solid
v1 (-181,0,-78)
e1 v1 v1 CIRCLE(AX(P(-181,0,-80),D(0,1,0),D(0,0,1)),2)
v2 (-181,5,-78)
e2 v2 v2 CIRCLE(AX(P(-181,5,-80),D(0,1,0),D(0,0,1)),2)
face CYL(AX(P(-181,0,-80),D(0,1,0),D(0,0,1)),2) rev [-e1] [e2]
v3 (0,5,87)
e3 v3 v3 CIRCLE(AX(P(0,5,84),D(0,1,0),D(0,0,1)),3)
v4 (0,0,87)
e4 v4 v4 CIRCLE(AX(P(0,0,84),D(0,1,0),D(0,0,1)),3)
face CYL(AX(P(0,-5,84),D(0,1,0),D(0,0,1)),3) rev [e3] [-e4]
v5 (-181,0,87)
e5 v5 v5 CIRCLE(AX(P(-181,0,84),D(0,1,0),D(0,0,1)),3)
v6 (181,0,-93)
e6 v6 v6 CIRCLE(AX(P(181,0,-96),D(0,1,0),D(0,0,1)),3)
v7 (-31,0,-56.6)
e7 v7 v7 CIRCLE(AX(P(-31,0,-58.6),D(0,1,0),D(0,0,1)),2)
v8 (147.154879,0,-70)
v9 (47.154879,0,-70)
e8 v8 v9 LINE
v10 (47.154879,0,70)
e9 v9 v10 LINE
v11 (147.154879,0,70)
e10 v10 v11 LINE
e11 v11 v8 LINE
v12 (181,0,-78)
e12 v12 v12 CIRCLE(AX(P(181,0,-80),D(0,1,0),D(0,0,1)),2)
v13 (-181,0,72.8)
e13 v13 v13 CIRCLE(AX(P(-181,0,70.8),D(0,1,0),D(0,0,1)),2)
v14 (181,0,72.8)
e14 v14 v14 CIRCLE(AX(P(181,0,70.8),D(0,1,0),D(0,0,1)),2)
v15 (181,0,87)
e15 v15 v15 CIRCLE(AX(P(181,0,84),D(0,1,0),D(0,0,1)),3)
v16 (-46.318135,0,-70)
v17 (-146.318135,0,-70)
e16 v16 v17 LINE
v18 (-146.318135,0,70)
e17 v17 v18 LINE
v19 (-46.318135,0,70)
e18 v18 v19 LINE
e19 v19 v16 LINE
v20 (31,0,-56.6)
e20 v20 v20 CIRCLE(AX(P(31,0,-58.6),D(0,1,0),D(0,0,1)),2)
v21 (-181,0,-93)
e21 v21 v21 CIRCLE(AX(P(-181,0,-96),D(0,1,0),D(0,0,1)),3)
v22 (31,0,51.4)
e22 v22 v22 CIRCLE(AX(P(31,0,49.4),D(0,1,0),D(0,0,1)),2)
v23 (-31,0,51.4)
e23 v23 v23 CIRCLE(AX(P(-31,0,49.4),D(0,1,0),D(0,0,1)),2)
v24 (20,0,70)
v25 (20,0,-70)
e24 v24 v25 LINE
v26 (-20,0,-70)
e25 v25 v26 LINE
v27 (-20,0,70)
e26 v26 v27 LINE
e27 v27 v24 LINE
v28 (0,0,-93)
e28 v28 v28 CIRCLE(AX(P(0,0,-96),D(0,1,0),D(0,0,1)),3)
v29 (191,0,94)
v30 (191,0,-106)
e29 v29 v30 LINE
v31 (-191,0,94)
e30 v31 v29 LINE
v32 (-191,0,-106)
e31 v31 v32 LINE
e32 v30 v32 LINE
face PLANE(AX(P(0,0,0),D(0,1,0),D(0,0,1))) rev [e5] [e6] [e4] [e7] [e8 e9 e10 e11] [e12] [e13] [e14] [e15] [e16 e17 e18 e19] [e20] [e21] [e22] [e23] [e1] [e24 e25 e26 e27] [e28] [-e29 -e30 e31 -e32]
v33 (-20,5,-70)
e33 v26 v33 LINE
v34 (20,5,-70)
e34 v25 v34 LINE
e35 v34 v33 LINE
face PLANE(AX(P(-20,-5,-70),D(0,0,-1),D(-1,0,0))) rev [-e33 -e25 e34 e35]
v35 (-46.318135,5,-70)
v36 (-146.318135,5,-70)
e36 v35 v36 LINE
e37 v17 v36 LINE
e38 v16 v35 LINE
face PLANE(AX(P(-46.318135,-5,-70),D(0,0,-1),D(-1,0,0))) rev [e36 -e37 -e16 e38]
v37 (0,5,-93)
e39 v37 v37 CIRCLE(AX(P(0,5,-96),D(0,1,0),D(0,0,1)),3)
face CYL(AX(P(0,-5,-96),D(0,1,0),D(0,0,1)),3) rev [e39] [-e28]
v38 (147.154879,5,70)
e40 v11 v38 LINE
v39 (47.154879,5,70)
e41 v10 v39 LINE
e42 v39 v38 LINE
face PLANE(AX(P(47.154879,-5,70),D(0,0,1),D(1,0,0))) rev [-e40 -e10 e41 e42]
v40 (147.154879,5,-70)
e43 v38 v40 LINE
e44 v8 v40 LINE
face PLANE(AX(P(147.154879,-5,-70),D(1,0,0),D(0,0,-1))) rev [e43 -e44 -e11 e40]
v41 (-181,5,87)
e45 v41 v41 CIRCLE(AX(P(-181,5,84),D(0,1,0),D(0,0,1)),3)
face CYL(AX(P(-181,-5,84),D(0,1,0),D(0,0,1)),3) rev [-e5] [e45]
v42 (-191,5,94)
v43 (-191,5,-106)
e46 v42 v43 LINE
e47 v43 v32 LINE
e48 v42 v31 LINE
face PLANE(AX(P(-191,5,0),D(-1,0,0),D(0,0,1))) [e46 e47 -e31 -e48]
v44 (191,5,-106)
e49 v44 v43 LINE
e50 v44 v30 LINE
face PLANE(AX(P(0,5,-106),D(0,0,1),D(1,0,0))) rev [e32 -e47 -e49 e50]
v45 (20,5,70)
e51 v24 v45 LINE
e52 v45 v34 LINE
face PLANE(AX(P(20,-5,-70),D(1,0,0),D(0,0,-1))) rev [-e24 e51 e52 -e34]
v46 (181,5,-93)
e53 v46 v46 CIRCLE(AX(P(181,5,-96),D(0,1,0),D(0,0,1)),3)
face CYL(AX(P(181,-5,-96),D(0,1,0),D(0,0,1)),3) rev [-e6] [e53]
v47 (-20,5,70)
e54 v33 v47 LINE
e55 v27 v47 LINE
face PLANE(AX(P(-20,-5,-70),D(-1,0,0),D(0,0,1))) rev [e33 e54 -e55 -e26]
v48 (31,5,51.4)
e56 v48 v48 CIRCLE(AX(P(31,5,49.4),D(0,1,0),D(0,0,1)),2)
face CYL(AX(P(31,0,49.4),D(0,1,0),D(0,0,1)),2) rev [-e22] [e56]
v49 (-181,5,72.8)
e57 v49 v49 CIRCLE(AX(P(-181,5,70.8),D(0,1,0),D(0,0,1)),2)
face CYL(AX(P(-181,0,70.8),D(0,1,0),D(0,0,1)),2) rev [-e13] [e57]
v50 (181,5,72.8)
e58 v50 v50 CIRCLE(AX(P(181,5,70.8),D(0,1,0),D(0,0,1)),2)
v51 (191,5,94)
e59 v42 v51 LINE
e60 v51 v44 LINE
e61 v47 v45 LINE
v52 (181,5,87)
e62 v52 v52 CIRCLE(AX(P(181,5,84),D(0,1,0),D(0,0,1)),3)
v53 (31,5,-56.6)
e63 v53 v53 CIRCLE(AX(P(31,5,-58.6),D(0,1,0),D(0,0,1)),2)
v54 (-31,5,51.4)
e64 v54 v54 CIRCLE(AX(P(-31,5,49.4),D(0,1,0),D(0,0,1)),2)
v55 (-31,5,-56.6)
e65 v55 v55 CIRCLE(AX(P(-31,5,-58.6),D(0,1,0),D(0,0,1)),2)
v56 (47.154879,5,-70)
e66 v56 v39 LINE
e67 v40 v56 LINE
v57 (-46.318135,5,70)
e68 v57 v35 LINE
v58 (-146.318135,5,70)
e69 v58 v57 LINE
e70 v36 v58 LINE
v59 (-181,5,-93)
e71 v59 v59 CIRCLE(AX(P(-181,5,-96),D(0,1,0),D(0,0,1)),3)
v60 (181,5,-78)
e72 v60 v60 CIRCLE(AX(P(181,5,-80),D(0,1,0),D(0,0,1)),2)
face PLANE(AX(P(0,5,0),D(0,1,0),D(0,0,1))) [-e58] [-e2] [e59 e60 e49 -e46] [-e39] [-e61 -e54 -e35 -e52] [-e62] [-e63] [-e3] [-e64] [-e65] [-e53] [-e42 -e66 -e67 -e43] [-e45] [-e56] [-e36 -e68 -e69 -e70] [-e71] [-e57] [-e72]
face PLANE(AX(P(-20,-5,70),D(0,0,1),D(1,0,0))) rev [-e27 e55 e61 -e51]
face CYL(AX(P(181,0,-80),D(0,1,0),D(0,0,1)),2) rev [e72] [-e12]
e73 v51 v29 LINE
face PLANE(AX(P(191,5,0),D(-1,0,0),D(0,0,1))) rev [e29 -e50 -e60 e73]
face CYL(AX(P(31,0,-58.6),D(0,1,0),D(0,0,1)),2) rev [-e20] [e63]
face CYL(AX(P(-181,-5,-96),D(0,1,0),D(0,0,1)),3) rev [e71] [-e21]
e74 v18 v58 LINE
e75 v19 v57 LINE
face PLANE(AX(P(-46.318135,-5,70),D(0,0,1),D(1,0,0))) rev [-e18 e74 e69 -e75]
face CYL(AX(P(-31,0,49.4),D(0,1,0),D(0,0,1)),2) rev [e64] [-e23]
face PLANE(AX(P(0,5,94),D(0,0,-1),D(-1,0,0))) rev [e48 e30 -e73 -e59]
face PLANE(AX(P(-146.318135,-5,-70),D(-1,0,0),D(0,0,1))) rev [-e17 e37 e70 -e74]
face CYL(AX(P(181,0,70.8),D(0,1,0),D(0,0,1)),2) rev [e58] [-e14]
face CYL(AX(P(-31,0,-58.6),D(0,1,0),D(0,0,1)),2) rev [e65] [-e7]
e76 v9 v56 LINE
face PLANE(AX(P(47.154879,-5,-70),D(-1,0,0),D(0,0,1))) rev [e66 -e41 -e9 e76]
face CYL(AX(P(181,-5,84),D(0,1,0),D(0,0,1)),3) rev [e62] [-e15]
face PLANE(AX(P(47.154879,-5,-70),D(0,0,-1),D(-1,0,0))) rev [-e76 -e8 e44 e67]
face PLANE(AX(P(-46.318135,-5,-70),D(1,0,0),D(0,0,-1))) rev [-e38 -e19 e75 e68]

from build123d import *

# Parameters (mm, degrees)
SKETCH1_W           = 382
SKETCH1_H           = 200
BOSS_EXTRUDE5_DEPTH = 5
SKETCH7_R           = 2
CUT_EXTRUDE4_DEPTH  = 5
SKETCH8_W           = 40
SKETCH8_H           = 140
SKETCH8_W_2         = 100
CUT_EXTRUDE5_DEPTH  = 10
SKETCH9_R           = 3
CUT_EXTRUDE6_DEPTH  = 10


with BuildPart() as part:
    # Sketch1 → Boss-Extrude5 (new body)
    with BuildSketch(Plane(origin=(0, 0, 0), x_dir=(1, 0, 0), z_dir=(0, 1, 0))):
        with Locations((0, 6)):
            Rectangle(SKETCH1_W, SKETCH1_H)
    extrude(amount=BOSS_EXTRUDE5_DEPTH)

    # Sketch7 → Cut-Extrude4 (cut)
    with BuildSketch(Plane(origin=(0, 5, 0), x_dir=(1, 0, 0), z_dir=(0, 1, 0))):
        with Locations((181, 80)):
            Circle(SKETCH7_R)
        with Locations((181, -70.8)):
            Circle(SKETCH7_R)
        with Locations((31, 58.6)):
            Circle(SKETCH7_R)
        with Locations((-31, 58.6)):
            Circle(SKETCH7_R)
        with Locations((-181, 80)):
            Circle(SKETCH7_R)
        with Locations((-181, -70.8)):
            Circle(SKETCH7_R)
        with Locations((31, -49.4)):
            Circle(SKETCH7_R)
        with Locations((-31, -49.4)):
            Circle(SKETCH7_R)
    extrude(amount=-CUT_EXTRUDE4_DEPTH, mode=Mode.SUBTRACT)

    # Sketch8 → Cut-Extrude5 (cut)
    with BuildSketch(Plane(origin=(0, 5, 0), x_dir=(1, 0, 0), z_dir=(0, 1, 0))):
        Rectangle(SKETCH8_W, SKETCH8_H)
        with Locations((97.15487949, 0)):
            Rectangle(SKETCH8_W_2, SKETCH8_H)
        with Locations((-96.318135121, 0)):
            Rectangle(SKETCH8_W_2, SKETCH8_H)
    extrude(amount=-CUT_EXTRUDE5_DEPTH, mode=Mode.SUBTRACT)

    # Sketch9 → Cut-Extrude6 (cut)
    with BuildSketch(Plane(origin=(0, 5, 0), x_dir=(1, 0, 0), z_dir=(0, 1, 0))):
        with Locations((181, 96)):
            Circle(SKETCH9_R)
        with Locations((181, -84)):
            Circle(SKETCH9_R)
        with Locations((-181, 96)):
            Circle(SKETCH9_R)
        with Locations((-181, -84)):
            Circle(SKETCH9_R)
        with Locations((0, 96)):
            Circle(SKETCH9_R)
        with Locations((0, -84)):
            Circle(SKETCH9_R)
    extrude(amount=-CUT_EXTRUDE6_DEPTH, mode=Mode.SUBTRACT)


solid = part.part
